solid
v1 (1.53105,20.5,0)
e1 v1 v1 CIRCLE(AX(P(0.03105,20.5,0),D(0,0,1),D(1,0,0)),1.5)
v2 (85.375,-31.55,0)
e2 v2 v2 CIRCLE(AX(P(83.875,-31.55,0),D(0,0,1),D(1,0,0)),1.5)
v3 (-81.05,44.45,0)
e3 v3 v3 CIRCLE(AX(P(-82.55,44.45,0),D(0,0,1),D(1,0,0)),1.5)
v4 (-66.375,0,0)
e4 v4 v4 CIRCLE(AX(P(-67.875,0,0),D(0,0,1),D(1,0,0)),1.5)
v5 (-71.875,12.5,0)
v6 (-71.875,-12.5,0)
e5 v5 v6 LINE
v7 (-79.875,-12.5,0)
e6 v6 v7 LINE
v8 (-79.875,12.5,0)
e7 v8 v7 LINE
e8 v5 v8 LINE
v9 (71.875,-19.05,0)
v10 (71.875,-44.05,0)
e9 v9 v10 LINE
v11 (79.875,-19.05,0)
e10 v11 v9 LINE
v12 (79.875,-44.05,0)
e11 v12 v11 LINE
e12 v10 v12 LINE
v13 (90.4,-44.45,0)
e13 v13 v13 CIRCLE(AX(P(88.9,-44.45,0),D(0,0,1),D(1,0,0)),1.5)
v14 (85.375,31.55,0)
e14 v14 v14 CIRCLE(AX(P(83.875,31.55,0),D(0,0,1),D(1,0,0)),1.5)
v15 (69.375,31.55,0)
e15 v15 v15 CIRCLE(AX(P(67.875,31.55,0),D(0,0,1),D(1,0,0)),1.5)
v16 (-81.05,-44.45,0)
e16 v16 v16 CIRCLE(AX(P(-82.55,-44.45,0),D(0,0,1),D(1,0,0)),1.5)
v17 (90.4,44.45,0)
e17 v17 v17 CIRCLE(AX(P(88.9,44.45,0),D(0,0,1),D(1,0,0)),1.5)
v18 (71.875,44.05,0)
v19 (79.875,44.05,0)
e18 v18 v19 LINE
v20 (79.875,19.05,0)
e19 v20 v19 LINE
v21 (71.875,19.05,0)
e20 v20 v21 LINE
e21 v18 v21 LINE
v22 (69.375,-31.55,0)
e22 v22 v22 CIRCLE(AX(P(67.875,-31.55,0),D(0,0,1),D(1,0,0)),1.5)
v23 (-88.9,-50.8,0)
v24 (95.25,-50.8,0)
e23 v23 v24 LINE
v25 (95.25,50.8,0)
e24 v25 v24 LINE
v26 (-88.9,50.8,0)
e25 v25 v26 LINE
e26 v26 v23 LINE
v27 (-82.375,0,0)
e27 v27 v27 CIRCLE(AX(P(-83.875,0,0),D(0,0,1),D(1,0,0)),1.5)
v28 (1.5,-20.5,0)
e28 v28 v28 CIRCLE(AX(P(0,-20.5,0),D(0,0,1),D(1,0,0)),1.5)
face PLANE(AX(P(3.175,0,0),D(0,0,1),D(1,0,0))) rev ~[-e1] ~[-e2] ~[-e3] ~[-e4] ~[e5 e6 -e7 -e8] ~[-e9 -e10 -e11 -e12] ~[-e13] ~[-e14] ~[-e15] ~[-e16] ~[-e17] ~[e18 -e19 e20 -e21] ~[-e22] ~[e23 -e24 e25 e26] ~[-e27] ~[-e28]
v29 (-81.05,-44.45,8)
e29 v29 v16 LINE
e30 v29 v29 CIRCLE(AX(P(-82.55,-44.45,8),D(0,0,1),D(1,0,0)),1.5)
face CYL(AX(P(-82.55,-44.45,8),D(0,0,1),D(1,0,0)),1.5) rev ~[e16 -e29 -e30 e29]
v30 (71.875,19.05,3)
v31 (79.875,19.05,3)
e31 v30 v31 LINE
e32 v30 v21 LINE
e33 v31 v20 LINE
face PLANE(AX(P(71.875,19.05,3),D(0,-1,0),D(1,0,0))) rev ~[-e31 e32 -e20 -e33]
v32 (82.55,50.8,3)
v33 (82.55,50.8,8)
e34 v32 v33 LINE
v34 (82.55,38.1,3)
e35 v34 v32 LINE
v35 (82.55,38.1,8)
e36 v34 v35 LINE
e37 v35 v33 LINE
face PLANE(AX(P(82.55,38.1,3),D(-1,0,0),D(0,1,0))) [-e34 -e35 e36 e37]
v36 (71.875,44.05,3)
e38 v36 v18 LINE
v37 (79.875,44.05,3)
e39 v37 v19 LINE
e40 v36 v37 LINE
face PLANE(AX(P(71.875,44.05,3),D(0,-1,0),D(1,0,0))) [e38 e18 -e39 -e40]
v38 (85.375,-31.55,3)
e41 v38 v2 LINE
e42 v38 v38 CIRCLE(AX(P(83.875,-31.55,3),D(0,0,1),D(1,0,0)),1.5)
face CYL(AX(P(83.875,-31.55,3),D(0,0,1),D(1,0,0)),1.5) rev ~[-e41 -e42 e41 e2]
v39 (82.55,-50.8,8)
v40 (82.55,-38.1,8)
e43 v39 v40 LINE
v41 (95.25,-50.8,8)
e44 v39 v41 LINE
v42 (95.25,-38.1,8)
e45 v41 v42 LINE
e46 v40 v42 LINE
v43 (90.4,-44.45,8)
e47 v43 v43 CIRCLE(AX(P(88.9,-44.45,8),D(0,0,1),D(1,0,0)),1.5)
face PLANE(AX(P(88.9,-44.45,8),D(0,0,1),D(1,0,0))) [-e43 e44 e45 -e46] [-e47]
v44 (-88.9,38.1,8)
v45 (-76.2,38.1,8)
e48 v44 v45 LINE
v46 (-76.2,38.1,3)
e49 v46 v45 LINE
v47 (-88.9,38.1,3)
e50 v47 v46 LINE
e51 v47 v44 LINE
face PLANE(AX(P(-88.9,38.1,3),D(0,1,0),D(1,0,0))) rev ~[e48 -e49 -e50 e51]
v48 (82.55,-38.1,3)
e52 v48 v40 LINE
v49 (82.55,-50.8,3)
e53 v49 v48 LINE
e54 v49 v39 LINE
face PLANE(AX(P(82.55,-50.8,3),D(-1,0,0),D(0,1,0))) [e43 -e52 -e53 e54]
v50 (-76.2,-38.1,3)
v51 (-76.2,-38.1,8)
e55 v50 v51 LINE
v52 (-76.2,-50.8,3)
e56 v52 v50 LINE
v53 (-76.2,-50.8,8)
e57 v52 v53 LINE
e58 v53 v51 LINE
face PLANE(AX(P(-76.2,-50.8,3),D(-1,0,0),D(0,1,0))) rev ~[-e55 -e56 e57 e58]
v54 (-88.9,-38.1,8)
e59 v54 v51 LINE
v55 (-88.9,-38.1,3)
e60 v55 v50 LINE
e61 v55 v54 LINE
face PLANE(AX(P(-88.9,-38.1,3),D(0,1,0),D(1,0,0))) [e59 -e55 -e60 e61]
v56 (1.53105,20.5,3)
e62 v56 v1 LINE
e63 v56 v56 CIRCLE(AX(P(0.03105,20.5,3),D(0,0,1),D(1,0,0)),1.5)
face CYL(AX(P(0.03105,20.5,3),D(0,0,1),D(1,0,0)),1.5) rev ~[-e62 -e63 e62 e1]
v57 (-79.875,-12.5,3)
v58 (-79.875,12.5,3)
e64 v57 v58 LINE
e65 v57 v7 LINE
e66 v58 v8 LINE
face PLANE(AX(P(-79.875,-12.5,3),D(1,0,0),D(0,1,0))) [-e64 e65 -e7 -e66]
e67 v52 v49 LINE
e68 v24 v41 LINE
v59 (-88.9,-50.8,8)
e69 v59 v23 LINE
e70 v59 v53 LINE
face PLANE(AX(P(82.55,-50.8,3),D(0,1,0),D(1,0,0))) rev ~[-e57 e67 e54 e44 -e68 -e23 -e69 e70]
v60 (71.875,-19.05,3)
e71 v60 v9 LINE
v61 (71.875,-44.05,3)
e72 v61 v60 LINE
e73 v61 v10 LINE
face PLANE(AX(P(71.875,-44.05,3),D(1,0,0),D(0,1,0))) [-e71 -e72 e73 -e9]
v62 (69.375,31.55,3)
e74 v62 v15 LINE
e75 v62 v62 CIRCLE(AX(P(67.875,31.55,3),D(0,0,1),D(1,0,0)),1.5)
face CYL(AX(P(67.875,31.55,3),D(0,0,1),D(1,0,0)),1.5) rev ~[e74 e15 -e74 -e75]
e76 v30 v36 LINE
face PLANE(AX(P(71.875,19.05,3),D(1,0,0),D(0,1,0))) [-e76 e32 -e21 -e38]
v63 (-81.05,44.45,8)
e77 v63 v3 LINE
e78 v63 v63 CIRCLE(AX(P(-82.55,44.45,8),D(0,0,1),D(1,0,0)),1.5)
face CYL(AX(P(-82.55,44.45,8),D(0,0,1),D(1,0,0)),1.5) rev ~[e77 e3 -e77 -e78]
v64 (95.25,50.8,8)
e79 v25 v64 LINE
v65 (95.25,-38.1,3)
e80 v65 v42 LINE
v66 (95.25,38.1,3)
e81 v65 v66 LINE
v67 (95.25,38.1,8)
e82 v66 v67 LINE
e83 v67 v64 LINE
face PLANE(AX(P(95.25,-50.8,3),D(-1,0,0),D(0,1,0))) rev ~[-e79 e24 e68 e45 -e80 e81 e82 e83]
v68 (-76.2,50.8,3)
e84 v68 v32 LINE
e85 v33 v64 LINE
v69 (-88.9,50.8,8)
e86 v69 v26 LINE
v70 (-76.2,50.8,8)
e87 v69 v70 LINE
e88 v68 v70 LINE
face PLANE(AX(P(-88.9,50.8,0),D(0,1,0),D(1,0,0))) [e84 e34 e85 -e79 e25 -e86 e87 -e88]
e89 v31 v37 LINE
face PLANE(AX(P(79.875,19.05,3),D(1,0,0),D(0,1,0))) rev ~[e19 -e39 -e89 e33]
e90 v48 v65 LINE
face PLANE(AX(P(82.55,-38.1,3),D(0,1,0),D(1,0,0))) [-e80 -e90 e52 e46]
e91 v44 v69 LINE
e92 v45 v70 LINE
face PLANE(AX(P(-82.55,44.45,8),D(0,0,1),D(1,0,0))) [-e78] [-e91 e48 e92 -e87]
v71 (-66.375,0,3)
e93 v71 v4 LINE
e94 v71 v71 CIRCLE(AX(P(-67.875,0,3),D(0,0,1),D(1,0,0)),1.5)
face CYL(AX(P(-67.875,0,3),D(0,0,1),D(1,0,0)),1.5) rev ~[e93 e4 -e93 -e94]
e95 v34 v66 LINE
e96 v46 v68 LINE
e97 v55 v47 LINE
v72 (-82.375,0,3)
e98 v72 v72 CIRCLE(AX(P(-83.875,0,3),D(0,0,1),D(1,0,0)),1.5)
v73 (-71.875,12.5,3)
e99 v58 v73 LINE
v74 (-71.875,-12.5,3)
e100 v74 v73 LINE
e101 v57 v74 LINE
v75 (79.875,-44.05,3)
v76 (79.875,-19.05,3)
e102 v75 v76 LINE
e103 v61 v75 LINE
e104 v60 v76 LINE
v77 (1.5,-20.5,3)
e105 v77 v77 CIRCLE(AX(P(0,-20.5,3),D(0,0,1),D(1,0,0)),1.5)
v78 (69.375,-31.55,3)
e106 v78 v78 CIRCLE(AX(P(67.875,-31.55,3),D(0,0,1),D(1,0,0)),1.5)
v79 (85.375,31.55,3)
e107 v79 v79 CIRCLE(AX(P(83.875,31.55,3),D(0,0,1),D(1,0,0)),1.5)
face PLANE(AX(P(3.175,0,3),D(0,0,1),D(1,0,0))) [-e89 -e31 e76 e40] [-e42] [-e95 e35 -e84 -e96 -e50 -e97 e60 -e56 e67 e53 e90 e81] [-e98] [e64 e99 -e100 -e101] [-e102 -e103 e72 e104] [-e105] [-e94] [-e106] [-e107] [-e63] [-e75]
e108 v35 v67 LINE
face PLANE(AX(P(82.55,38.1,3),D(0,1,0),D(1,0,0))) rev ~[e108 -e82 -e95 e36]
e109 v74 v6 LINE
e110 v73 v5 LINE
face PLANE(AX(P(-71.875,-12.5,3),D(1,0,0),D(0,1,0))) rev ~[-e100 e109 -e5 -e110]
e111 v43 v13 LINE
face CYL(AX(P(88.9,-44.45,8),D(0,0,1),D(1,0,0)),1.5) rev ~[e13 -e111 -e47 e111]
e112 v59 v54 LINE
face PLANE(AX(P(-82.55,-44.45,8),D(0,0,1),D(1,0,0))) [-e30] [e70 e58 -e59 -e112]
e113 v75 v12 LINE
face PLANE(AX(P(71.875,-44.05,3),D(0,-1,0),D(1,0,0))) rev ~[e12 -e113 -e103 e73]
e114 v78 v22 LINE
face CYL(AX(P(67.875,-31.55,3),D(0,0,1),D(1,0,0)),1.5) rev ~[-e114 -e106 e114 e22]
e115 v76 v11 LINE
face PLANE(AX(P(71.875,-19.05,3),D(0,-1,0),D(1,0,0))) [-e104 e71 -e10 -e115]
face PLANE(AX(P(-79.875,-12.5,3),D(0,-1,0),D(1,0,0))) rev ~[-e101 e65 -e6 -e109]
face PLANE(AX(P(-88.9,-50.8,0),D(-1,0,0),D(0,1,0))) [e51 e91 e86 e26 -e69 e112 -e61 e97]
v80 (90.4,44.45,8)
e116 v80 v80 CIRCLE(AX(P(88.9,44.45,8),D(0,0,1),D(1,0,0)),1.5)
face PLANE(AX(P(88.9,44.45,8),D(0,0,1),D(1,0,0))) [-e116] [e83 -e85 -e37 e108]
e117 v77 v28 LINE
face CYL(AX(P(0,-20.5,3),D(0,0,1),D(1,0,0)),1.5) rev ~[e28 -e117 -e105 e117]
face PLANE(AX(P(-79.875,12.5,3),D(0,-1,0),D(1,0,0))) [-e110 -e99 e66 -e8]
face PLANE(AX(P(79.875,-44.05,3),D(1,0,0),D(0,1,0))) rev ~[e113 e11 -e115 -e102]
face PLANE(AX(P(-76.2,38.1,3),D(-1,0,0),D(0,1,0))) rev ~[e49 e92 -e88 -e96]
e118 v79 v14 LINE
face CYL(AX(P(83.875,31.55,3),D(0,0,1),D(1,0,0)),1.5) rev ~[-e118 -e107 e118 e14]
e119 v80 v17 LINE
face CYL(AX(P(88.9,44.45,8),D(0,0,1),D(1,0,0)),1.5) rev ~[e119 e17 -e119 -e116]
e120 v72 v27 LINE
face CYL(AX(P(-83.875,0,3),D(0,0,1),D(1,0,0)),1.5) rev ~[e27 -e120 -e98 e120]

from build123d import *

# Parameters (mm, degrees)
F0_W     = 184.15
F0_H     = 101.6
F1_DEPTH = 3
F3_W     = 8
F3_H     = 25
F3_R     = 1.5
F2_R     = 1.5
F2_R_2   = 2.25
F4_DEPTH = 3.001
F5_W     = 12.7
F5_H     = 12.7
F6_DEPTH = 5
F7_R     = 1.5
F8_DEPTH = 8.001


with BuildPart() as f1:
    # F0 (on Top) → F1 (new body)
    with BuildSketch(Plane.XY):
        with Locations((3.175, 0)):
            Rectangle(F0_W, F0_H)
    extrude(amount=F1_DEPTH)

    # F3 (on face) + F2 (on Top) → F4 (cut, through all)
    with BuildSketch(Plane.XY.offset(3)):
        with Locations((75.875, 31.55)):
            Rectangle(F3_W, F3_H)
        with Locations((-75.875, 0)):
            Rectangle(F3_W, F3_H)
        with Locations((75.875, -31.55)):
            Rectangle(F3_W, F3_H)
        with Locations((-67.875, 0)):
            Circle(F3_R)
        with Locations((-83.875, 0)):
            Circle(F3_R)
        with Locations((83.875, 31.55)):
            Circle(F3_R)
        with Locations((67.875, 31.55)):
            Circle(F3_R)
        with Locations((83.875, -31.55)):
            Circle(F3_R)
        with Locations((67.875, -31.55)):
            Circle(F3_R)
        with Locations((0.03105, 20.5)):
            Circle(F3_R)
        with Locations((0, -20.5)):
            Circle(F3_R)
    with BuildSketch(Plane.XY):
        with BuildLine():
            Line((103.423341, 112.311256), (-105.576659, 112.311256))
            ThreePointArc((-105.576659, 112.311256), (-110.87996, 110.114557), (-113.076659, 104.811256))
            Line((-113.076659, 104.811256), (-113.076659, -104.188744))
            ThreePointArc((-113.076659, -104.188744), (-110.87996, -109.492044), (-105.576659, -111.688744))
            Line((-105.576659, -111.688744), (103.423341, -111.688744))
            ThreePointArc((103.423341, -111.688744), (108.726642, -109.492044), (110.923341, -104.188744))
            Line((110.923341, -104.188744), (110.923341, 104.811256))
            ThreePointArc((110.923341, 104.811256), (108.726642, 110.114557), (103.423341, 112.311256))
        make_face()
        with Locations((-105.576659, -104.188744)):
            Circle(F2_R, mode=Mode.SUBTRACT)
        with BuildLine():
            Line((-73.691883, -86.446103), (-28.691883, -41.446103))
            ThreePointArc((-28.691883, -41.446103), (-26.745343, -40.145466), (-24.449242, -39.688744))
            Line((-24.449242, -39.688744), (-12.076659, -39.688744))
            ThreePointArc((-12.076659, -39.688744), (-7.834019, -41.446103), (-6.076659, -45.688744))
            Line((-6.076659, -45.688744), (-6.076659, -90.688744))
            ThreePointArc((-6.076659, -90.688744), (-7.834019, -94.931384), (-12.076659, -96.688744))
            Line((-12.076659, -96.688744), (-69.449242, -96.688744))
            ThreePointArc((-69.449242, -96.688744), (-74.992519, -92.984844), (-73.691883, -86.446103))
        make_face(mode=Mode.SUBTRACT)
        with Locations((-98.576659, -39.688744)):
            Circle(F2_R_2, mode=Mode.SUBTRACT)
        with BuildLine():
            Line((-90.676659, -24.688744), (-86.476659, -24.688744))
            ThreePointArc((-86.476659, -24.688744), (-84.355339, -25.567423), (-83.476659, -27.688744))
            Line((-83.476659, -27.688744), (-83.476659, -51.688744))
            ThreePointArc((-83.476659, -51.688744), (-84.355339, -53.810064), (-86.476659, -54.688744))
            Line((-86.476659, -54.688744), (-90.676659, -54.688744))
            ThreePointArc((-90.676659, -54.688744), (-92.79798, -53.810064), (-93.676659, -51.688744))
            Line((-93.676659, -51.688744), (-93.676659, -27.688744))
            ThreePointArc((-93.676659, -27.688744), (-92.79798, -25.567423), (-90.676659, -24.688744))
        make_face(mode=Mode.SUBTRACT)
        with Locations((-78.576659, -39.688744)):
            Circle(F2_R_2, mode=Mode.SUBTRACT)
        with BuildLine():
            ThreePointArc((22.295924, -39.688744), (24.592024, -40.145466), (26.538564, -41.446103))
            Line((26.538564, -41.446103), (71.538564, -86.446103))
            ThreePointArc((71.538564, -86.446103), (72.839201, -92.984844), (67.295924, -96.688744))
            Line((67.295924, -96.688744), (9.923341, -96.688744))
            ThreePointArc((9.923341, -96.688744), (5.6807, -94.931384), (3.923341, -90.688744))
            Line((3.923341, -90.688744), (3.923341, -45.688744))
            ThreePointArc((3.923341, -45.688744), (5.6807, -41.446103), (9.923341, -39.688744))
            Line((9.923341, -39.688744), (22.295924, -39.688744))
        make_face(mode=Mode.SUBTRACT)
        with Locations((103.423341, -104.188744)):
            Circle(F2_R, mode=Mode.SUBTRACT)
        with Locations((-1.076659, -20.188744)):
            Circle(F2_R, mode=Mode.SUBTRACT)
        with BuildLine():
            ThreePointArc((95.923341, -68.061327), (92.219441, -73.604604), (85.6807, -72.303967))
            Line((85.6807, -72.303967), (49.165981, -35.789249))
            ThreePointArc((49.165981, -35.789249), (47.865345, -29.250507), (53.408622, -25.546608))
            Line((53.408622, -25.546608), (89.923341, -25.546608))
            ThreePointArc((89.923341, -25.546608), (94.165981, -27.303967), (95.923341, -31.546608))
            Line((95.923341, -31.546608), (95.923341, -68.061327))
        make_face(mode=Mode.SUBTRACT)
        with BuildLine():
            Line((84.323341, 15.311256), (88.523341, 15.311256))
            ThreePointArc((88.523341, 15.311256), (90.644661, 14.432577), (91.523341, 12.311256))
            Line((91.523341, 12.311256), (91.523341, -11.688744))
            ThreePointArc((91.523341, -11.688744), (90.644661, -13.810064), (88.523341, -14.688744))
            Line((88.523341, -14.688744), (84.323341, -14.688744))
            ThreePointArc((84.323341, -14.688744), (82.20202, -13.810064), (81.323341, -11.688744))
            Line((81.323341, -11.688744), (81.323341, 12.311256))
            ThreePointArc((81.323341, 12.311256), (82.20202, 14.432577), (84.323341, 15.311256))
        make_face(mode=Mode.SUBTRACT)
        with Locations((-98.576659, 40.311256)):
            Circle(F2_R_2, mode=Mode.SUBTRACT)
        with BuildLine():
            ThreePointArc((-83.476659, 28.311256), (-84.355339, 26.189936), (-86.476659, 25.311256))
            Line((-86.476659, 25.311256), (-90.676659, 25.311256))
            ThreePointArc((-90.676659, 25.311256), (-92.79798, 26.189936), (-93.676659, 28.311256))
            Line((-93.676659, 28.311256), (-93.676659, 52.311256))
            ThreePointArc((-93.676659, 52.311256), (-92.79798, 54.432577), (-90.676659, 55.311256))
            Line((-90.676659, 55.311256), (-86.476659, 55.311256))
            ThreePointArc((-86.476659, 55.311256), (-84.355339, 54.432577), (-83.476659, 52.311256))
            Line((-83.476659, 52.311256), (-83.476659, 28.311256))
        make_face(mode=Mode.SUBTRACT)
        with Locations((-78.576659, 40.311256)):
            Circle(F2_R_2, mode=Mode.SUBTRACT)
        with Locations((-105.576659, 104.811256)):
            Circle(F2_R, mode=Mode.SUBTRACT)
        with BuildLine():
            ThreePointArc((-12.076659, 97.311256), (-7.834019, 95.553897), (-6.076659, 91.311256))
            Line((-6.076659, 91.311256), (-6.076659, 46.311256))
            ThreePointArc((-6.076659, 46.311256), (-7.834019, 42.068616), (-12.076659, 40.311256))
            Line((-12.076659, 40.311256), (-24.449242, 40.311256))
            ThreePointArc((-24.449242, 40.311256), (-26.745343, 40.767979), (-28.691883, 42.068616))
            Line((-28.691883, 42.068616), (-73.691883, 87.068616))
            ThreePointArc((-73.691883, 87.068616), (-74.992519, 93.607357), (-69.449242, 97.311256))
            Line((-69.449242, 97.311256), (-12.076659, 97.311256))
        make_face(mode=Mode.SUBTRACT)
        with Locations((-1.076659, 20.811256)):
            Circle(F2_R, mode=Mode.SUBTRACT)
        with Locations((76.423341, 0.311256)):
            Circle(F2_R_2, mode=Mode.SUBTRACT)
        with Locations((96.423341, 0.311256)):
            Circle(F2_R_2, mode=Mode.SUBTRACT)
        with BuildLine():
            ThreePointArc((53.408622, 26.169121), (47.865345, 29.87302), (49.165981, 36.411762))
            Line((49.165981, 36.411762), (85.6807, 72.92648))
            ThreePointArc((85.6807, 72.92648), (92.219441, 74.227117), (95.923341, 68.683839))
            Line((95.923341, 68.683839), (95.923341, 32.169121))
            ThreePointArc((95.923341, 32.169121), (94.165981, 27.92648), (89.923341, 26.169121))
            Line((89.923341, 26.169121), (53.408622, 26.169121))
        make_face(mode=Mode.SUBTRACT)
        with BuildLine():
            Line((3.923341, 46.311256), (3.923341, 91.311256))
            ThreePointArc((3.923341, 91.311256), (5.6807, 95.553897), (9.923341, 97.311256))
            Line((9.923341, 97.311256), (67.295924, 97.311256))
            ThreePointArc((67.295924, 97.311256), (72.839201, 93.607357), (71.538564, 87.068616))
            Line((71.538564, 87.068616), (26.538564, 42.068616))
            ThreePointArc((26.538564, 42.068616), (24.592024, 40.767979), (22.295924, 40.311256))
            Line((22.295924, 40.311256), (9.923341, 40.311256))
            ThreePointArc((9.923341, 40.311256), (5.6807, 42.068616), (3.923341, 46.311256))
        make_face(mode=Mode.SUBTRACT)
        with Locations((103.423341, 104.811256)):
            Circle(F2_R, mode=Mode.SUBTRACT)
    extrude(amount=-F4_DEPTH, mode=Mode.SUBTRACT)

    # F5 (on face) → F6 (join)
    with BuildSketch(Plane.XY.offset(3)):
        with Locations((88.9, -44.45)):
            Rectangle(F5_W, F5_H)
        with Locations((-82.55, -44.45)):
            Rectangle(F5_W, F5_H)
        with Locations((-82.55, 44.45)):
            Rectangle(F5_W, F5_H)
        with Locations((88.9, 44.45)):
            Rectangle(F5_W, F5_H)
    extrude(amount=F6_DEPTH)

    # F7 (on face) → F8 (cut, through all)
    with BuildSketch(Plane.XY.offset(8)):
        with Locations((-82.55, 44.45)):
            Circle(F7_R)
        with Locations((88.9, 44.45)):
            Circle(F7_R)
        with Locations((88.9, -44.45)):
            Circle(F7_R)
        with Locations((-82.55, -44.45)):
            Circle(F7_R)
    extrude(amount=-F8_DEPTH, mode=Mode.SUBTRACT)


solid = f1.part
